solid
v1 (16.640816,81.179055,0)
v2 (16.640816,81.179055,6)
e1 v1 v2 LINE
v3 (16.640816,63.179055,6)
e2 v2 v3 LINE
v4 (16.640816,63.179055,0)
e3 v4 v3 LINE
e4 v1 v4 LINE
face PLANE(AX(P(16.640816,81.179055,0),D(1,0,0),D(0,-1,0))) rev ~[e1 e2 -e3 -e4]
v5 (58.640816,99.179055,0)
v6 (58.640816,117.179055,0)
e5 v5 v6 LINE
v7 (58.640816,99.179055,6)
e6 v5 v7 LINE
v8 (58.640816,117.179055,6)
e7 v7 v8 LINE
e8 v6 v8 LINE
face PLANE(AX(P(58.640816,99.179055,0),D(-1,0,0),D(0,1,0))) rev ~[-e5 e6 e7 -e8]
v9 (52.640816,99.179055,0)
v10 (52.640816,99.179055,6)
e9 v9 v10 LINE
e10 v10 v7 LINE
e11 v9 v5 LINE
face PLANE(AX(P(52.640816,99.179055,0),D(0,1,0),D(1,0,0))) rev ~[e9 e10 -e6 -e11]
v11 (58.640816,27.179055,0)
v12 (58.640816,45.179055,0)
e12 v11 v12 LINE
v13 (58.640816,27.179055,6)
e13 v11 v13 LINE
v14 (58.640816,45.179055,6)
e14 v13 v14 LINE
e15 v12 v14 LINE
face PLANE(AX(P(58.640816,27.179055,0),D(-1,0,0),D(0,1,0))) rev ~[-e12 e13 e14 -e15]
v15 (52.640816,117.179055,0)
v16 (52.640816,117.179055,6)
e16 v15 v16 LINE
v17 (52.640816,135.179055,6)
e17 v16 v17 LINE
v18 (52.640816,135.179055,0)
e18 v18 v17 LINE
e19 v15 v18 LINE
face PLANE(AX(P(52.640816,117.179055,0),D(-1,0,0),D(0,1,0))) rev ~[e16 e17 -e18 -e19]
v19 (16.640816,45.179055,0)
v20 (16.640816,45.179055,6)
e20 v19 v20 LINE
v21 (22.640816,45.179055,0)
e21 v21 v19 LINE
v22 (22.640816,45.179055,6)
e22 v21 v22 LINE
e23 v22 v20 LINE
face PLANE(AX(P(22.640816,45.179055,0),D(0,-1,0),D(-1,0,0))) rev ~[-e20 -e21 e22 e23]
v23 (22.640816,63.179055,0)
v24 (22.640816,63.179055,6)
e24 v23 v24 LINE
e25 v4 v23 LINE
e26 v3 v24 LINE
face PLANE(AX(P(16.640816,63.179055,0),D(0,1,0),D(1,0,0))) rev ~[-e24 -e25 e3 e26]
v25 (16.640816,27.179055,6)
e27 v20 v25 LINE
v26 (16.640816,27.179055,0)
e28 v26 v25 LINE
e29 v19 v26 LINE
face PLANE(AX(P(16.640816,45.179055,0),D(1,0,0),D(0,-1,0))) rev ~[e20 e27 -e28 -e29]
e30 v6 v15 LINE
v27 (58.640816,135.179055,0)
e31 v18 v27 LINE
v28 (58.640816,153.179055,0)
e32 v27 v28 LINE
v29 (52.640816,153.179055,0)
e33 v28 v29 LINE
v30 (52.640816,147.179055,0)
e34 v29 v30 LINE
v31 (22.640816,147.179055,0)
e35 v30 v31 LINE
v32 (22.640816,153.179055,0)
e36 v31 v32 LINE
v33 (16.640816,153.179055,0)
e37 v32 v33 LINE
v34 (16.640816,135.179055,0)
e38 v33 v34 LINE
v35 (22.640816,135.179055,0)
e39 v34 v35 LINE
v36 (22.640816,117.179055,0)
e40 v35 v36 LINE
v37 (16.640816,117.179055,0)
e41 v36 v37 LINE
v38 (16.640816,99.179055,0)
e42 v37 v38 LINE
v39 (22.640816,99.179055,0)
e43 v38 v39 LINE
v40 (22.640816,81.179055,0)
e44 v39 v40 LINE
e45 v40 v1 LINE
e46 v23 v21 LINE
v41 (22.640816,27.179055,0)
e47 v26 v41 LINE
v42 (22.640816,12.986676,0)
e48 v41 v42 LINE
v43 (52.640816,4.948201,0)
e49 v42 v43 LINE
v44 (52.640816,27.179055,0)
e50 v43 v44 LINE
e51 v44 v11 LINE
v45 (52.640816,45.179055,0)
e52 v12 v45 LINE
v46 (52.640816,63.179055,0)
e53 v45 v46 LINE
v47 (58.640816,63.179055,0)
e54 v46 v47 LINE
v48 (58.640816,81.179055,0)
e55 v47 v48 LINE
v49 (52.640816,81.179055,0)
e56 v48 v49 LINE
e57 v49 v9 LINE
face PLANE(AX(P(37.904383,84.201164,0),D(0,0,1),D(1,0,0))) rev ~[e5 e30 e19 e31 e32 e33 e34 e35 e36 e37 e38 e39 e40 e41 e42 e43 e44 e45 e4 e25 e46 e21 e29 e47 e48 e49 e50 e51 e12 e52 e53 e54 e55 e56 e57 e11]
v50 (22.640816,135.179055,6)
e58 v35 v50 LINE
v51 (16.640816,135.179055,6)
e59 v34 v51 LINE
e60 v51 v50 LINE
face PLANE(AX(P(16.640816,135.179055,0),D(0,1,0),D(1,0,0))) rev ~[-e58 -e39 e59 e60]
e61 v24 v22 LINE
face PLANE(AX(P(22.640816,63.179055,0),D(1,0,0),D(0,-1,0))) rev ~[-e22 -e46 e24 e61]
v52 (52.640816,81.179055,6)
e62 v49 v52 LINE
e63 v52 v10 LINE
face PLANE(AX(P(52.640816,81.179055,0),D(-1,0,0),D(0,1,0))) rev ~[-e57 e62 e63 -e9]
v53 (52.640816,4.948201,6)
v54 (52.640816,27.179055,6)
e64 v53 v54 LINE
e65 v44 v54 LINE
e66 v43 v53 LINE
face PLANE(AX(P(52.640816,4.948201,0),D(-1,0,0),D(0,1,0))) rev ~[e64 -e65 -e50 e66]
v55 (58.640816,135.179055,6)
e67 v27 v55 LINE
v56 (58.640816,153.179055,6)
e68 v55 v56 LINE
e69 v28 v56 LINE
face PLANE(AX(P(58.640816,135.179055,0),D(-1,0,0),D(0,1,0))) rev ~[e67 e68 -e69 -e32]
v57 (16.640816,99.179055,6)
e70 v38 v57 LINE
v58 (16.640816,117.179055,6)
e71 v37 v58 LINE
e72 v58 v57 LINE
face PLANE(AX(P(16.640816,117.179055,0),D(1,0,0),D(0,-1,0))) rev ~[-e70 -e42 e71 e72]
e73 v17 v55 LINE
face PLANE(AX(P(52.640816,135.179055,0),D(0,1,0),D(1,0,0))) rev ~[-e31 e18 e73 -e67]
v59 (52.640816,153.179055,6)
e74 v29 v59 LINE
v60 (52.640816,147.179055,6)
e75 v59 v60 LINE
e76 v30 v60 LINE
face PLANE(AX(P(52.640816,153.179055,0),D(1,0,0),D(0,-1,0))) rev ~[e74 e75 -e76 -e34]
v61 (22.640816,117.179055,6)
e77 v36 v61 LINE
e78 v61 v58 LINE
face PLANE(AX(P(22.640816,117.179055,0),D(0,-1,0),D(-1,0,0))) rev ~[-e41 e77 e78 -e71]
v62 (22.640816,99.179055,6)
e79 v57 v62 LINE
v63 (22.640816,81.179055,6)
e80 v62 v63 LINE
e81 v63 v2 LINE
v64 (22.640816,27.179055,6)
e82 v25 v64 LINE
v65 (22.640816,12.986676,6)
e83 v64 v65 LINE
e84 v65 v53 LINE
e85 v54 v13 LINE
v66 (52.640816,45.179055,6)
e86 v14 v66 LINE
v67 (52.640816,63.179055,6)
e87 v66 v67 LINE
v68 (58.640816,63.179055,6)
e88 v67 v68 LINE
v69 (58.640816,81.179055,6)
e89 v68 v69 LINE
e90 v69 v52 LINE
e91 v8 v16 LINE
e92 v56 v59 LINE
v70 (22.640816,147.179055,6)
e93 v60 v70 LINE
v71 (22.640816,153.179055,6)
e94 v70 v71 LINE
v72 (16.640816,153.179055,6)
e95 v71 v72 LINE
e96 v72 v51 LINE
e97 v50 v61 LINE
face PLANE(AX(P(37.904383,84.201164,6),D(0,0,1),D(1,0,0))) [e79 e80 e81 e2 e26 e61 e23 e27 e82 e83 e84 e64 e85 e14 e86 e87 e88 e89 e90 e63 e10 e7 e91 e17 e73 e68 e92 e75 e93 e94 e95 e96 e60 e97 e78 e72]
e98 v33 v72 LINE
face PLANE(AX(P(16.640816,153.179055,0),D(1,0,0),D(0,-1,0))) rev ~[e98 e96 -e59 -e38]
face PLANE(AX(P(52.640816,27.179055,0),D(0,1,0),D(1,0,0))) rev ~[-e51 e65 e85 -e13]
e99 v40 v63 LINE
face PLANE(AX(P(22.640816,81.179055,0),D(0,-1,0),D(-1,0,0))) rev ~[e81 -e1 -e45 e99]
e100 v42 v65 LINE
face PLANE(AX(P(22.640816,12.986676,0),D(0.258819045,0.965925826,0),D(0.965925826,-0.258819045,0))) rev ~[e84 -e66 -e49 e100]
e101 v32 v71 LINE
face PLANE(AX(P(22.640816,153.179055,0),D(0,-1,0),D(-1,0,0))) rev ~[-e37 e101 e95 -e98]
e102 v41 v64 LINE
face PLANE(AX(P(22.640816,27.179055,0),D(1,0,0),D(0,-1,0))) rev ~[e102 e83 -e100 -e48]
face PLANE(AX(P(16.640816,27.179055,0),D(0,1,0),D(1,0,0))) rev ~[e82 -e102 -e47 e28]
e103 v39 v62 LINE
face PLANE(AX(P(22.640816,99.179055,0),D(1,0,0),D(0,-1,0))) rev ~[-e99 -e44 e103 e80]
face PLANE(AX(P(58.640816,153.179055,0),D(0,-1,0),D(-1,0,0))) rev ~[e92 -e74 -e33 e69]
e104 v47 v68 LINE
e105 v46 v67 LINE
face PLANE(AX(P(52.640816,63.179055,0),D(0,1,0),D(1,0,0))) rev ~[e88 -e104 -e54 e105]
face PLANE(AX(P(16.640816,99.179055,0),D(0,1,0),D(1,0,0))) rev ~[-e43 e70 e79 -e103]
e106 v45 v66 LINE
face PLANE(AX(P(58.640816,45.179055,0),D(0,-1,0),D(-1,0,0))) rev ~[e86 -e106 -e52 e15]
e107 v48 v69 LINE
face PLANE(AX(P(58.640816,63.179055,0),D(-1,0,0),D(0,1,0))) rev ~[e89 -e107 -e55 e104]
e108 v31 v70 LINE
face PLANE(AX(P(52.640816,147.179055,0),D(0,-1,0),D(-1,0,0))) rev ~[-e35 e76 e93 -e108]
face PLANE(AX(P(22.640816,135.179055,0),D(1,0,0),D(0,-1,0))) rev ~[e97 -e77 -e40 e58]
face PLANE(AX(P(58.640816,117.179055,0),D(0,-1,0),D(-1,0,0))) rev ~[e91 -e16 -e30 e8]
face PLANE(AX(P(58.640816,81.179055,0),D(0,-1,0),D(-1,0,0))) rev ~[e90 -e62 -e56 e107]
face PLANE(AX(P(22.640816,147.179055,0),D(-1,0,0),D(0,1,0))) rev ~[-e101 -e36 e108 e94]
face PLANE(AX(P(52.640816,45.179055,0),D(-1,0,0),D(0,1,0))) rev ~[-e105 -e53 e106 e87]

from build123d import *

# Parameters (mm, degrees)
BOSS_EXTRUDE1_DEPTH = 6


with BuildPart() as part:
    # Model → Boss-Extrude1 (new body)
    with BuildSketch(Plane.XY):
        Polygon((22.640815656, 12.986676319), (52.640815656, 4.948200546), (52.640815656, 27.179055183), (58.640815656, 27.179055183), (58.640815656, 45.179055183), (52.640815656, 45.179055183), (52.640815656, 63.179055183), (58.640815656, 63.179055183), (58.640815656, 81.179055183), (52.640815656, 81.179055183), (52.640815656, 99.179055183), (58.640815656, 99.179055183), (58.640815656, 117.179055183), (52.640815656, 117.179055183), (52.640815656, 135.179055183), (58.640815656, 135.179055183), (58.640815656, 153.179055183), (52.640815656, 153.179055183), (52.640815656, 147.179055183), (22.640815656, 147.179055183), (22.640815656, 153.179055183), (16.640815656, 153.179055183), (16.640815656, 135.179055183), (22.640815656, 135.179055183), (22.640815656, 117.179055183), (16.640815656, 117.179055183), (16.640815656, 99.179055183), (22.640815656, 99.179055183), (22.640815656, 81.179055183), (16.640815656, 81.179055183), (16.640815656, 63.179055183), (22.640815656, 63.179055183), (22.640815656, 45.179055183), (16.640815656, 45.179055183), (16.640815656, 27.179055183), (22.640815656, 27.179055183), align=None)
    extrude(amount=BOSS_EXTRUDE1_DEPTH)


solid = part.part
